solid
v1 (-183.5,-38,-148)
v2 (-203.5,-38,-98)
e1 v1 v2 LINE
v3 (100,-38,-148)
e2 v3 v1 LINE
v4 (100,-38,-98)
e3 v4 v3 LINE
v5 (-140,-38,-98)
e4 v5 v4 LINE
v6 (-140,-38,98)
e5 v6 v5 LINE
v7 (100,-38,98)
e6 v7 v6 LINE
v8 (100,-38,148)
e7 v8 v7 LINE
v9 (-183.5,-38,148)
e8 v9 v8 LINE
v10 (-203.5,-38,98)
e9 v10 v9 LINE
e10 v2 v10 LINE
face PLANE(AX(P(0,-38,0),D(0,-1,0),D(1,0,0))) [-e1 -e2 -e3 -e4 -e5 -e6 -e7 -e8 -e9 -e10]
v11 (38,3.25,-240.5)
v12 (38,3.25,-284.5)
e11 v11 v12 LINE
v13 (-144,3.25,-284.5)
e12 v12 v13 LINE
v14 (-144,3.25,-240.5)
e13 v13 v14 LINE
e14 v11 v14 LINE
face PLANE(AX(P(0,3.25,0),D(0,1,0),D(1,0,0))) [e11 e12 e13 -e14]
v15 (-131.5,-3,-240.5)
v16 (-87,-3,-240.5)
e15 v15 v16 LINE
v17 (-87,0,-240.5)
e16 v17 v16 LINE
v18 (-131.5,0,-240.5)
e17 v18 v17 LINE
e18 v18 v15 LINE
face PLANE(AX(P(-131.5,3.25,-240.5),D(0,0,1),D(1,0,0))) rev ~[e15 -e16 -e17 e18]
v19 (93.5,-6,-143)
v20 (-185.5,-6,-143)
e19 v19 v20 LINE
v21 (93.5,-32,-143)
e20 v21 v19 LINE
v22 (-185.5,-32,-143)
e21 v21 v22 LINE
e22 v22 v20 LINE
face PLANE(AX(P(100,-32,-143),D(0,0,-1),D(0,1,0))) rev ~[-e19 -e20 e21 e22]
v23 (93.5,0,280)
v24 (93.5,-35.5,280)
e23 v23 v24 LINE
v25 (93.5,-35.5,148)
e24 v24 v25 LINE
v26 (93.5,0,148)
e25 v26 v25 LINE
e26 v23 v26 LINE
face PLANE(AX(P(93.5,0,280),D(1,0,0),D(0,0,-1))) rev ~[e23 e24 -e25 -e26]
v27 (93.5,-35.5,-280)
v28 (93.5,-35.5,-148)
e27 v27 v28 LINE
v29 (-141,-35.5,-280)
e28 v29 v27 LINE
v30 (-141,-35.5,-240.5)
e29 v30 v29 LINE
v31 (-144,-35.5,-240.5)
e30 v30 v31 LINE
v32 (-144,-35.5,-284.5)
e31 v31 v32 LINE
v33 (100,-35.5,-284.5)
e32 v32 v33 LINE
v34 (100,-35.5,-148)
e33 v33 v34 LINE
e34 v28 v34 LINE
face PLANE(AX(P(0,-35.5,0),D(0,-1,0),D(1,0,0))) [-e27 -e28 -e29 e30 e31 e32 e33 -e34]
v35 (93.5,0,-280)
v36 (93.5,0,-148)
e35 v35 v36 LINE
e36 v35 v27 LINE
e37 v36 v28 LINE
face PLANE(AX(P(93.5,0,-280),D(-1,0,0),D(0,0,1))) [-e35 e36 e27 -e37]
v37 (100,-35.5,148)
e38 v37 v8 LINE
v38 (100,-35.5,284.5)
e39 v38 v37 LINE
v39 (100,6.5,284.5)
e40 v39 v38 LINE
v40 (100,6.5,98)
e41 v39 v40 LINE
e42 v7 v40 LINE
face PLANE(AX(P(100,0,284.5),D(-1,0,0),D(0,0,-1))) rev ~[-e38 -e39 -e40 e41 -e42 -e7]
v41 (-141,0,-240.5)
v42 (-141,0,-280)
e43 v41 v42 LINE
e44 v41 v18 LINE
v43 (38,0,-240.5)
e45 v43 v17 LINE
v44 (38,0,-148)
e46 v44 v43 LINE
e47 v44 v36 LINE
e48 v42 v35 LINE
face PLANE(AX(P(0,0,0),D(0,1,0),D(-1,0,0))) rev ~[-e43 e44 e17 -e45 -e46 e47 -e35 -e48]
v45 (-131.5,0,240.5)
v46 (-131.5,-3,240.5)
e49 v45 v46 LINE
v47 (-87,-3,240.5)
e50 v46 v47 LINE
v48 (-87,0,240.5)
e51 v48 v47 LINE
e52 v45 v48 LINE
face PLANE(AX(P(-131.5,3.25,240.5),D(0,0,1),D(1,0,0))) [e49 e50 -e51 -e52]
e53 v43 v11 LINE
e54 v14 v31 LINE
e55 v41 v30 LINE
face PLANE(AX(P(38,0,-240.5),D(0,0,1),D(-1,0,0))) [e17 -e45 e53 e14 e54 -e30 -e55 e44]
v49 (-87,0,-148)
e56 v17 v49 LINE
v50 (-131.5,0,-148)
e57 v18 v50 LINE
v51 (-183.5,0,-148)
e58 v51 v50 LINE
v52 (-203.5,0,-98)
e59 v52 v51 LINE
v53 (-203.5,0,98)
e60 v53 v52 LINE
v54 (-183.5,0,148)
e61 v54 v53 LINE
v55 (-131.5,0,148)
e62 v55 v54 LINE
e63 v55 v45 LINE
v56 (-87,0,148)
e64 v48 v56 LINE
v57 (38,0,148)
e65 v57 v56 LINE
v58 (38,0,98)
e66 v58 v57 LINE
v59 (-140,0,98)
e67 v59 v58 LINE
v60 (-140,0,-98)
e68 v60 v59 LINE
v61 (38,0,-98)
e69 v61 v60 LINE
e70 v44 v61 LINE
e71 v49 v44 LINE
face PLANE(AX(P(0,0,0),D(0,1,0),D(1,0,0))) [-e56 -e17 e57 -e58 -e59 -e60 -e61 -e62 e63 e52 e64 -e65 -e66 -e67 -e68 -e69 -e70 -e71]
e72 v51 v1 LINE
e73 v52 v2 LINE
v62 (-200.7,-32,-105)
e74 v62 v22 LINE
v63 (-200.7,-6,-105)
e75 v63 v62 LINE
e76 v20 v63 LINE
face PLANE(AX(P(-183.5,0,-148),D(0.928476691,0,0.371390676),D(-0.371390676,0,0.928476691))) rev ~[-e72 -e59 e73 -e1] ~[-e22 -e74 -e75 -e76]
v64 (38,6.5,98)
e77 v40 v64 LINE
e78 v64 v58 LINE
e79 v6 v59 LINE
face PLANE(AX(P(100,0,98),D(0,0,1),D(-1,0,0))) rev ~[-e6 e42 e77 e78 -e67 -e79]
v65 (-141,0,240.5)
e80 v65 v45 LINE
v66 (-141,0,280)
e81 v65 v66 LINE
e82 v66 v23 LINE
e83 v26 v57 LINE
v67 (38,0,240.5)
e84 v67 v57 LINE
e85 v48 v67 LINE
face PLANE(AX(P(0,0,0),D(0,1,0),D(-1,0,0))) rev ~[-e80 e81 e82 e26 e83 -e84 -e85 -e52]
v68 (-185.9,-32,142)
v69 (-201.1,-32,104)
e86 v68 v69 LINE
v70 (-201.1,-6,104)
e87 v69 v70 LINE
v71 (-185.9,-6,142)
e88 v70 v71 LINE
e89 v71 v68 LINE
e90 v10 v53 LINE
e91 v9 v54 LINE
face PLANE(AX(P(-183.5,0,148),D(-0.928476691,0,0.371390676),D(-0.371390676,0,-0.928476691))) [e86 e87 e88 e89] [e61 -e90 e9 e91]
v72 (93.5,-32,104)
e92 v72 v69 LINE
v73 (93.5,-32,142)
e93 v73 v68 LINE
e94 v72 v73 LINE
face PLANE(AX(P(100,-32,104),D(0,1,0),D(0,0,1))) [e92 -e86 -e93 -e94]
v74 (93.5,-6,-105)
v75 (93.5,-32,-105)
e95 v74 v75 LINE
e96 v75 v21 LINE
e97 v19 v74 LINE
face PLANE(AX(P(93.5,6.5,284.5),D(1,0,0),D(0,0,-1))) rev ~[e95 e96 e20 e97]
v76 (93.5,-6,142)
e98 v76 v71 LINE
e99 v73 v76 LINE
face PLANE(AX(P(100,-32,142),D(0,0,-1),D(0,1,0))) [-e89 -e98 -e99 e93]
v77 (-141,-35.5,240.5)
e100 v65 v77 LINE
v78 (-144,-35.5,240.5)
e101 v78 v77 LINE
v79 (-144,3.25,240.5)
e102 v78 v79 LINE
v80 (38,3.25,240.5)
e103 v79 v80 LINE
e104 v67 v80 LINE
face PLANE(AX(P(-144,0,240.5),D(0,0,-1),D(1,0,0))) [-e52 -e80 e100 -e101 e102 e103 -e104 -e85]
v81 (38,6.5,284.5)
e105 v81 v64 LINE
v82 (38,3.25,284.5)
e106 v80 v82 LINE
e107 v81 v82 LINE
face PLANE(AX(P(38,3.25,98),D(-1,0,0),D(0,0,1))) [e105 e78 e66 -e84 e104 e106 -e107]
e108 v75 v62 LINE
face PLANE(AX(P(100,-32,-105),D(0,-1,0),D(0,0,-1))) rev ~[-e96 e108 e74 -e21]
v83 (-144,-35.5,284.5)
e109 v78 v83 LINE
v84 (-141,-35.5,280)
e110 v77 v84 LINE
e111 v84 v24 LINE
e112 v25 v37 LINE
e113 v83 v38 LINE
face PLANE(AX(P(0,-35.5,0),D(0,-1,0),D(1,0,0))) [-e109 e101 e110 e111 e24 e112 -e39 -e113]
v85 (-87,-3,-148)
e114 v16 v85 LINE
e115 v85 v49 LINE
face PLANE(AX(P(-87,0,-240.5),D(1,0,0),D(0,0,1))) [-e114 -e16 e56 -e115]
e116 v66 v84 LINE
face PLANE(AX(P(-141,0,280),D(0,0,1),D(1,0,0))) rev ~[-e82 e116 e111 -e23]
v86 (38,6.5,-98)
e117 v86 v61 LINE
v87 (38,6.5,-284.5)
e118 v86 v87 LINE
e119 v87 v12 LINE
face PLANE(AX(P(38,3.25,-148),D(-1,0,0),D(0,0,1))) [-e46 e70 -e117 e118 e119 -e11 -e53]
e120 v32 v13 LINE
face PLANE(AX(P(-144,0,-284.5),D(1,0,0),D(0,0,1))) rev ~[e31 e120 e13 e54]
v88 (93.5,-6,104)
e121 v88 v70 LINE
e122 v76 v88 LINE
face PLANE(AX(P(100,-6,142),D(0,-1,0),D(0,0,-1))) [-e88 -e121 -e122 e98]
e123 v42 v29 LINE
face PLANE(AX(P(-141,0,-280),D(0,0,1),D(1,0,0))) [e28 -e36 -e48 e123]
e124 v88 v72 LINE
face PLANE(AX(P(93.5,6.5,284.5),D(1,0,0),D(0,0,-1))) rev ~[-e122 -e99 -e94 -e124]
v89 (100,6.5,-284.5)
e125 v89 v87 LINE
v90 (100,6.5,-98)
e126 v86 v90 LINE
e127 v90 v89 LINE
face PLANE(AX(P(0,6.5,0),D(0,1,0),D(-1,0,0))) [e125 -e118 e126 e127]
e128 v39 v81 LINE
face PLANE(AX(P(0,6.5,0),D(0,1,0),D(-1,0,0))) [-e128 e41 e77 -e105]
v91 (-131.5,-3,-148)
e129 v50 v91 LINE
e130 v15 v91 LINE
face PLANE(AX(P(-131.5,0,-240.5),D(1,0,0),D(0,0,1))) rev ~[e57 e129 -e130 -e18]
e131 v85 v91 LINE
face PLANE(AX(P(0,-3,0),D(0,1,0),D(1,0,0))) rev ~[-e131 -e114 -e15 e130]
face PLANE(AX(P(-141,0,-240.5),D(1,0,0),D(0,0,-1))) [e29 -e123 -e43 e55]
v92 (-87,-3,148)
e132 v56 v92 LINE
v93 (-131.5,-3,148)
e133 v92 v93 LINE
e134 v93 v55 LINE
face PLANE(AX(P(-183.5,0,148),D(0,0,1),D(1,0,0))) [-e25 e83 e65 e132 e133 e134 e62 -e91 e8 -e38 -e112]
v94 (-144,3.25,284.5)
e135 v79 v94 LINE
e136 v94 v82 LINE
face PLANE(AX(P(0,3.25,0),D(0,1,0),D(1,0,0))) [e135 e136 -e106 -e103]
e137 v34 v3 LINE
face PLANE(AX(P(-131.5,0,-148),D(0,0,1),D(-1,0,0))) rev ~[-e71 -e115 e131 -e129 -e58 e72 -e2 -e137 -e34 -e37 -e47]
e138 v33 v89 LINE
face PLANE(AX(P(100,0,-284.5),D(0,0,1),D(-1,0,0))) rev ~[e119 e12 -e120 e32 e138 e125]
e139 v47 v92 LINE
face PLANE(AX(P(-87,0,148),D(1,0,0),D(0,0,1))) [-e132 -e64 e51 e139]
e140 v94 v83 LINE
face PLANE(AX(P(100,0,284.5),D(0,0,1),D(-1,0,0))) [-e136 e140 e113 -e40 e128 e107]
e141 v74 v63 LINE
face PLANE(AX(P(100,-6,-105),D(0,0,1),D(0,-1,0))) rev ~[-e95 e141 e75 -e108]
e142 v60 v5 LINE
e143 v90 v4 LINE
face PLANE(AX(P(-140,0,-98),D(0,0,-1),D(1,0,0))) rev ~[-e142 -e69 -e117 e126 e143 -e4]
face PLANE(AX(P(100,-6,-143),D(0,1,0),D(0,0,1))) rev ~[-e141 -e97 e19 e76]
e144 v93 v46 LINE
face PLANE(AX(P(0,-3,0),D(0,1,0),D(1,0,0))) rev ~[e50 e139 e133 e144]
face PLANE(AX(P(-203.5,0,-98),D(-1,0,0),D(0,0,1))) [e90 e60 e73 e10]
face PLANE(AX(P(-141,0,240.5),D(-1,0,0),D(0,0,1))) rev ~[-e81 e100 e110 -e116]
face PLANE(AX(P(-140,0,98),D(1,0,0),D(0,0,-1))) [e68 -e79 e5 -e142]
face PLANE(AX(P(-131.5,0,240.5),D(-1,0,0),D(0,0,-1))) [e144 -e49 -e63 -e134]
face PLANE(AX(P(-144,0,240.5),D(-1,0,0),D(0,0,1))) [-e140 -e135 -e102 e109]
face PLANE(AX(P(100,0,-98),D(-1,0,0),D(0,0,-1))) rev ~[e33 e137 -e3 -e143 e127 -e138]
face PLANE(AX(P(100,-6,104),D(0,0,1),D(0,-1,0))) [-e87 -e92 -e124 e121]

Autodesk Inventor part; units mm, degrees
ref_plane "YZ Plane" through (0, 0, 0) normal (1, 0, 0) x (0, 1, 0)
ref_plane "XZ Plane" through (0, 0, 0) normal (0, 1, 0) x (-1, 0, 0)
ref_plane "XY Plane" through (0, 0, 0) normal (0, 0, 1) x (1, 0, 0)
sketch "Sketch1" plane through (0, 0, 0) normal (0, 1, 0) x (-1, 0, 0)
  line L0 (-100, 284.5) -> (-100, 98)
  line L1 (-100, 98) -> (140, 98)
  line L2 (140, 98) -> (140, -98)
  line L3 (140, -98) -> (-100, -98)
  line L4 (-100, -98) -> (-100, -284.5)
  line L5 (-100, 284.5) -> (144, 284.5)
  line L6 (144, 284.5) -> (144, 240.5)
  line L7 (144, 240.5) -> (131.5, 240.5)
  line L8 (131.5, 240.5) -> (131.5, 148)
  line L9 (131.5, 148) -> (183.5, 148)
  line L10 (183.5, 148) -> (203.5, 98)
  line L11 (-100, -284.5) -> (144, -284.5)
  line L12 (144, -284.5) -> (144, -240.5)
  line L13 (144, -240.5) -> (131.5, -240.5)
  line L14 (131.5, -240.5) -> (131.5, -148)
  line L15 (131.5, -148) -> (183.5, -148)
  line L16 (183.5, -148) -> (203.5, -98)
  line L17 (203.5, 98) -> (203.5, -98)
  line L18 (-38, 240.5) -> (-38, 148)
  line L19 (-38, 148) -> (87, 148)
  line L20 (87, 148) -> (87, 240.5)
  line L21 (87, 240.5) -> (-38, 240.5)
  line L22 (-38, -148) -> (-38, -240.5)
  line L23 (-38, -240.5) -> (87, -240.5)
  line L24 (87, -240.5) -> (87, -148)
  line L25 (87, -148) -> (-38, -148)
  point P0 (0, 0)
  point P1 (140, 0)
  dimension "d4" = 196
  dimension "d8" = 244
  dimension "d9" = 44
  dimension "d10" = 12.5
  dimension "d12" = 52
  dimension "d13" = 50
  dimension "d14" = 20
  dimension "d17" = 12.5
  dimension "d19" = 52
  dimension "d20" = 50
  dimension "d21" = 20
  dimension "d23" = 92.5
  dimension "d24" = 125
  dimension "d25" = 62
  dimension "d26" = 44
  dimension "d27" = 92.5
  dimension "d28" = 125
  dimension "d29" = 62
  dimension "d30" = 44
  dimension "d64" = 240
  dimension "d65" = 240
  dimension "d66" = 50
  dimension "d69" = 92.5
  dimension "d70" = 196
  dimension "d76" = 44
extrude "Extrusion1" add sketch "Sketch1" along normal blind 6.5
sketch "Sketch3" plane through (0, 0, 0) normal (0, -1, 0) x (1, 0, 0)
  line L0 (-87, -148) -> (38, -148) construction
  line L1 (38, -148) -> (38, -240.5) construction
  line L2 (38, -240.5) -> (-87, -240.5) construction
  line L3 (-87, -240.5) -> (-87, -148) construction
  line L4 (-87, 240.5) -> (38, 240.5) construction
  line L5 (38, 240.5) -> (38, 148) construction
  line L6 (38, 148) -> (-87, 148) construction
  line L7 (-87, 148) -> (-87, 240.5) construction
  line L8 (100, 284.5) -> (100, 98) construction
  line L9 (-144, 284.5) -> (100, 284.5) construction
  line L10 (-144, 240.5) -> (-144, 284.5) construction
  line L11 (-131.5, 240.5) -> (-144, 240.5) construction
  line L12 (-131.5, 148) -> (-131.5, 240.5) construction
  line L13 (-183.5, 148) -> (-131.5, 148) construction
  line L14 (-203.5, 98) -> (-183.5, 148) construction
  line L15 (-203.5, -98) -> (-203.5, 98) construction
  line L16 (-183.5, -148) -> (-203.5, -98) construction
  line L17 (-131.5, -148) -> (-183.5, -148) construction
  line L18 (-131.5, -240.5) -> (-131.5, -148) construction
  line L19 (-144, -240.5) -> (-131.5, -240.5) construction
  line L20 (-144, -284.5) -> (-144, -240.5) construction
  line L21 (100, -284.5) -> (-144, -284.5) construction
  line L22 (100, -98) -> (100, -284.5) construction
  line L23 (-140, -98) -> (100, -98) construction
  line L24 (-140, 98) -> (-140, -98) construction
  line L25 (100, 98) -> (-140, 98) construction
  line L26 (100, -98) -> (100, -284.5) projected
  line L27 (-131.5, -148) -> (-183.5, -148) projected
  line L28 (100, -98) -> (-203.5, -98)
  line L29 (-140, -98) -> (100, -98) projected
  line L30 (-183.5, -148) -> (-203.5, -98) projected
  line L31 (-183.5, -148) -> (100, -148)
  line L32 (100, -98) -> (100, -284.5) projected
  line L33 (100, -98) -> (100, -148)
  line L34 (100, 284.5) -> (100, 98) projected
  line L35 (-203.5, -98) -> (-203.5, 98) projected
  line L36 (100, 98) -> (-203.5, 98)
  line L37 (-203.5, 98) -> (-183.5, 148)
  line L38 (100, 148) -> (100, 98)
  line L39 (-183.5, 148) -> (-131.5, 148) projected
  line L40 (100, 148) -> (-183.5, 148)
  line L41 (-183.5, -148) -> (-203.5, -98)
  line L42 (-203.5, -98) -> (-183.5, -148)
  point P0 (0, 0)
extrude "Extrusion3" add sketch "Sketch3" along normal blind 38
sketch "Sketch4" plane through (0, 0, 0) normal (0, -1, 0) x (1, 0, 0)
  line L0 (-203.5, -98) -> (-203.5, 98) projected
  line L1 (-140, 98) -> (-203.5, 98) projected
  line L2 (-203.5, 98) -> (-140, 98)
  line L3 (-140, 98) -> (-140, -98) projected
  line L4 (-140, 98) -> (-140, -98)
  line L5 (-140, -98) -> (-203.5, -98)
  line L6 (-203.5, -98) -> (-203.5, 98)
  point P0 (0, 0)
extrude "Extrusion4" add sketch "Sketch4" along normal blind 38
sketch "Sketch5" plane through (0, 6.5, 0) normal (0, 1, 0) x (1, 0, 0)
  line L0 (38, 148) -> (-87, 148) construction
  line L1 (-87, 148) -> (-87, 240.5) construction
  line L2 (-87, 240.5) -> (38, 240.5) construction
  line L3 (38, 240.5) -> (38, 148) construction
  line L4 (38, -240.5) -> (-87, -240.5) construction
  line L5 (-87, -240.5) -> (-87, -148) construction
  line L6 (-87, -148) -> (38, -148) construction
  line L7 (38, -148) -> (38, -240.5) construction
  line L8 (100, -284.5) -> (100, -98) construction
  line L9 (100, -98) -> (-140, -98) construction
  line L10 (-140, -98) -> (-140, 98) construction
  line L11 (-140, 98) -> (100, 98) construction
  line L12 (100, 98) -> (100, 284.5) construction
  line L13 (100, 284.5) -> (-144, 284.5) construction
  line L14 (-144, 284.5) -> (-144, 240.5) construction
  line L15 (-144, 240.5) -> (-131.5, 240.5) construction
  line L16 (-131.5, 240.5) -> (-131.5, 148) construction
  line L17 (-131.5, 148) -> (-183.5, 148) construction
  line L18 (-183.5, 148) -> (-203.5, 98) construction
  line L19 (-203.5, 98) -> (-203.5, -98) construction
  line L20 (-203.5, -98) -> (-183.5, -148) construction
  line L21 (-183.5, -148) -> (-131.5, -148) construction
  line L22 (-131.5, -148) -> (-131.5, -240.5) construction
  line L23 (-131.5, -240.5) -> (-144, -240.5) construction
  line L24 (-144, -240.5) -> (-144, -284.5) construction
  line L25 (-144, -284.5) -> (100, -284.5) construction
  line L26 (-140, -98) -> (-140, 98) projected
  line L27 (-140, -98) -> (-140, 98)
  line L28 (-140, 98) -> (100, 98) projected
  line L29 (-140, 98) -> (38, 98)
  line L30 (38, 240.5) -> (38, 148) projected
  line L31 (38, 98) -> (38, 148)
  line L32 (-87, 240.5) -> (-87, 148) projected
  line L33 (-87, 148) -> (-87, 240.5)
  line L34 (-131.5, 240.5) -> (-131.5, 148) projected
  line L35 (-131.5, 148) -> (-131.5, 240.5)
  line L36 (38, 148) -> (-87, 148) projected
  line L37 (38, 148) -> (-87, 148)
  line L38 (-131.5, 148) -> (-183.5, 148) projected
  line L39 (-131.5, 148) -> (-183.5, 148)
  line L40 (-183.5, 148) -> (-203.5, 98)
  line L41 (-203.5, 98) -> (-203.5, -98) projected
  line L42 (-203.5, 98) -> (-203.5, -98)
  line L43 (100, -148) -> (-183.5, -148) projected
  line L44 (-203.5, -98) -> (-183.5, -148)
  line L45 (-183.5, -148) -> (-131.5, -148)
  line L46 (-131.5, -148) -> (-131.5, -240.5) projected
  line L47 (-131.5, -148) -> (-131.5, -240.5)
  line L48 (-87, -240.5) -> (-87, -148) projected
  line L49 (-87, -240.5) -> (-87, -148)
  line L50 (-87, -148) -> (38, -148)
  line L51 (-140, -98) -> (100, -98) projected
  line L52 (38, -98) -> (38, -148)
  line L53 (38, -98) -> (-140, -98)
  line L54 (38, -148) -> (38, -240.5) projected
  line L55 (38, -240.5) -> (38, -284.5)
  line L56 (-144, -284.5) -> (100, -284.5) projected
  line L57 (-144, -240.5) -> (-144, -284.5) projected
  line L58 (-144, -284.5) -> (-144, -240.5)
  line L59 (-144, -240.5) -> (-131.5, -240.5)
  line L60 (38, -240.5) -> (-87, -240.5) projected
  line L61 (-87, -240.5) -> (38, -240.5)
  line L62 (38, -284.5) -> (-144, -284.5)
  line L63 (38, 240.5) -> (-87, 240.5) projected
  line L64 (-87, 240.5) -> (38, 240.5)
  line L65 (38, 240.5) -> (38, 284.5)
  line L66 (100, 284.5) -> (-144, 284.5) projected
  line L67 (-144, 284.5) -> (38, 284.5)
  line L68 (-144, 284.5) -> (-144, 240.5) projected
  line L69 (-144, 284.5) -> (-144, 240.5)
  line L70 (-144, 240.5) -> (-131.5, 240.5)
  point P0 (0, 0)
extrude "Extrusion5" cut sketch "Sketch5" against normal blind 3.25 contours L51 L52 L43 L44 L41 L40 L38 L34 L70 L68 L66 L65 L63 L32 L36 L31 L28 L26 | L48 L60 L55 L56 L57 L59 L46 L43
sketch "Sketch6" plane through (0, 3.25, 0) normal (0, 1, 0) x (1, 0, 0)
  line L0 (-87, 148) -> (38, 148) construction
  line L1 (-87, 240.5) -> (-87, 148) construction
  line L2 (38, 240.5) -> (-87, 240.5) construction
  line L3 (38, 284.5) -> (38, 240.5) construction
  line L4 (-144, 284.5) -> (38, 284.5) construction
  line L5 (-144, 240.5) -> (-144, 284.5) construction
  line L6 (-131.5, 240.5) -> (-144, 240.5) construction
  line L7 (-131.5, 148) -> (-131.5, 240.5) construction
  line L8 (-183.5, 148) -> (-131.5, 148) construction
  line L9 (-203.5, 98) -> (-183.5, 148) construction
  line L10 (-203.5, -98) -> (-203.5, 98) construction
  line L11 (-183.5, -148) -> (-203.5, -98) construction
  line L12 (-131.5, -148) -> (-183.5, -148) construction
  line L13 (-131.5, -240.5) -> (-131.5, -148) construction
  line L14 (-144, -240.5) -> (-131.5, -240.5) construction
  line L15 (-144, -284.5) -> (-144, -240.5) construction
  line L16 (38, -284.5) -> (-144, -284.5) construction
  line L17 (38, -240.5) -> (38, -284.5) construction
  line L18 (-87, -240.5) -> (38, -240.5) construction
  line L19 (-87, -148) -> (-87, -240.5) construction
  line L20 (38, -148) -> (-87, -148) construction
  line L21 (38, -98) -> (38, -148) construction
  line L22 (-140, -98) -> (38, -98) construction
  line L23 (-140, 98) -> (-140, -98) construction
  line L24 (38, 98) -> (-140, 98) construction
  line L25 (38, 148) -> (38, 98) construction
  line L26 (38, -149) -> (-87, -149) projected
  line L27 (38, -148) -> (-87, -148)
  line L28 (-87, -148) -> (-87, -240.5)
  line L29 (-131.5, -240.5) -> (-87, -240.5)
  line L30 (-131.5, -148) -> (-131.5, -240.5) projected
  line L31 (-131.5, -240.5) -> (-131.5, -148)
  line L32 (100, -148) -> (-183.5, -148) projected
  line L33 (-131.5, -148) -> (-183.5, -148)
  line L34 (-203.5, -98) -> (-203.5, 98) projected
  line L35 (-183.5, -148) -> (-203.5, -98)
  line L36 (-203.5, -98) -> (-203.5, 98)
  line L37 (-203.5, 98) -> (-183.5, 148)
  line L38 (-131.5, 240.5) -> (-131.5, 148) projected
  line L39 (-183.5, 148) -> (100, 148) projected
  line L40 (-131.5, 148) -> (-183.5, 148)
  line L41 (-144, 240.5) -> (-131.5, 240.5) projected
  line L42 (-131.5, 148) -> (-131.5, 240.5)
  line L43 (-131.5, 240.5) -> (-87, 240.5)
  line L44 (-87, 240.5) -> (-87, 148) projected
  line L45 (-87, 148) -> (-87, 240.5)
  line L46 (38, 148) -> (38, 240.5) projected
  line L47 (-87, 148) -> (38, 148)
  line L48 (38, 148) -> (38, 98) projected
  line L49 (38, 148) -> (38, 98)
  line L50 (100, 98) -> (-140, 98) projected
  line L51 (38, 98) -> (-140, 98)
  line L52 (-140, 98) -> (-140, -98) projected
  line L53 (-140, 98) -> (-140, -98)
  line L54 (-140, -98) -> (38, -98)
  line L55 (38, -98) -> (38, -284.5) projected
  line L56 (38, -148) -> (38, -98)
  point P0 (0, 0)
extrude "Extrusion6" add sketch "Sketch6" against normal blind 6.25 contours L28 L29 L30 L32 | L27 L32 L35 L34 L37 L39 L48 L50 L52 L54 L55 | L39 L38 L43 L44
extrude "Extrusion7" cut sketch "Sketch6" against normal blind 3.25 contours L28 L29 L30 L32 | L27 L32 L35 L34 L37 L39 L48 L50 L52 L54 L55 | L39 L38 L43 L44
sketch "Sketch7" plane through (0, 0, 0) normal (0, -1, 0) x (1, 0, 0)
  line L0 (38, 148) -> (100, 148) projected
  line L1 (93.5, 148) -> (100, 148)
  line L2 (100, 284.5) -> (100, 148) projected
  line L3 (100, 285) -> (100, 148)
  line L4 (-144, 284.5) -> (100, 284.5) projected
  line L5 (-144, 240.5) -> (-144, 284.5) projected
  line L6 (100, 284.5) -> (-144, 284.5)
  line L7 (-144, 240.5) -> (-144, 284.5)
  line L8 (93.5, 280) -> (93.5, 148)
  line L9 (-144, 240.5) -> (38, 240.5) projected
  line L10 (-141, 240.5) -> (-141, 280)
  line L11 (-141, 280) -> (93.5, 280)
  line L12 (-141, 240.5) -> (-144, 240.5)
  line L13 (-573.3935, 0) -> (506.825, 0) construction
  line L14 (93.5, -148) -> (100, -148)
  line L15 (100, -284.5) -> (100, -148)
  line L16 (-144, -284.5) -> (100, -284.5)
  line L17 (-144, -240.5) -> (-144, -284.5)
  line L18 (100, -284.5) -> (-144, -284.5)
  line L19 (93.5, -280) -> (93.5, -148)
  line L20 (-141, -240.5) -> (-141, -280)
  line L21 (38, -240.5) -> (38, -148) construction
  line L22 (38, -240.5) -> (-144, -240.5) construction
  line L23 (-141, -240.5) -> (-144, -240.5)
  line L24 (-141, -280) -> (93.5, -280)
  line L25 (-144, -240.5) -> (-144, -284.5) projected
  line L26 (100, -98) -> (100, -284.5) projected
  line L27 (100, -148) -> (100, -284.5)
  point P0 (0, 0)
  dimension "d85" = 3
  dimension "d86" = 4.5
  dimension "d87" = 6.5
extrude "Extrusion8" add sketch "Sketch7" along normal blind 35.5
sketch "Sketch8" plane through (100, 6.5, 284.5) normal (1, 0, 0) x (0, 0, -1)
  line L0 (142.5, -38.5) -> (142.5, -12.5)
  line L1 (142.5, -12.5) -> (180.5, -12.5)
  line L2 (180.5, -38.5) -> (142.5, -38.5)
  line L3 (180.5, -12.5) -> (180.5, -38.5)
  line L4 (186.5, -44.5) -> (186.5, 0) projected
  line L5 (186.5, -44.5) -> (136.5, -44.5) projected
  line L6 (136.5, -42) -> (136.5, -44.5) projected
  line L7 (0, 0) -> (186.5, 0) projected
  line L8 (285, -82.0279) -> (285, 56.7605) construction
  line L9 (427.5, -38.5) -> (427.5, -12.5)
  line L10 (427.5, -12.5) -> (389.5, -12.5)
  line L11 (389.5, -38.5) -> (427.5, -38.5)
  line L12 (389.5, -12.5) -> (389.5, -38.5)
  point P0 (284.5, -6.5)
  point P1 (136.5, -6.5)
  dimension "d90" = 6
  dimension "d91" = 6
  dimension "d92" = 6
  dimension "d93" = 12.5
extrude "Extrusion9" cut sketch "Sketch8" against normal through all
extrude "Extrusion10" add sketch "Sketch8" against normal blind 6.5
properties part number "battlebotupperframe"
